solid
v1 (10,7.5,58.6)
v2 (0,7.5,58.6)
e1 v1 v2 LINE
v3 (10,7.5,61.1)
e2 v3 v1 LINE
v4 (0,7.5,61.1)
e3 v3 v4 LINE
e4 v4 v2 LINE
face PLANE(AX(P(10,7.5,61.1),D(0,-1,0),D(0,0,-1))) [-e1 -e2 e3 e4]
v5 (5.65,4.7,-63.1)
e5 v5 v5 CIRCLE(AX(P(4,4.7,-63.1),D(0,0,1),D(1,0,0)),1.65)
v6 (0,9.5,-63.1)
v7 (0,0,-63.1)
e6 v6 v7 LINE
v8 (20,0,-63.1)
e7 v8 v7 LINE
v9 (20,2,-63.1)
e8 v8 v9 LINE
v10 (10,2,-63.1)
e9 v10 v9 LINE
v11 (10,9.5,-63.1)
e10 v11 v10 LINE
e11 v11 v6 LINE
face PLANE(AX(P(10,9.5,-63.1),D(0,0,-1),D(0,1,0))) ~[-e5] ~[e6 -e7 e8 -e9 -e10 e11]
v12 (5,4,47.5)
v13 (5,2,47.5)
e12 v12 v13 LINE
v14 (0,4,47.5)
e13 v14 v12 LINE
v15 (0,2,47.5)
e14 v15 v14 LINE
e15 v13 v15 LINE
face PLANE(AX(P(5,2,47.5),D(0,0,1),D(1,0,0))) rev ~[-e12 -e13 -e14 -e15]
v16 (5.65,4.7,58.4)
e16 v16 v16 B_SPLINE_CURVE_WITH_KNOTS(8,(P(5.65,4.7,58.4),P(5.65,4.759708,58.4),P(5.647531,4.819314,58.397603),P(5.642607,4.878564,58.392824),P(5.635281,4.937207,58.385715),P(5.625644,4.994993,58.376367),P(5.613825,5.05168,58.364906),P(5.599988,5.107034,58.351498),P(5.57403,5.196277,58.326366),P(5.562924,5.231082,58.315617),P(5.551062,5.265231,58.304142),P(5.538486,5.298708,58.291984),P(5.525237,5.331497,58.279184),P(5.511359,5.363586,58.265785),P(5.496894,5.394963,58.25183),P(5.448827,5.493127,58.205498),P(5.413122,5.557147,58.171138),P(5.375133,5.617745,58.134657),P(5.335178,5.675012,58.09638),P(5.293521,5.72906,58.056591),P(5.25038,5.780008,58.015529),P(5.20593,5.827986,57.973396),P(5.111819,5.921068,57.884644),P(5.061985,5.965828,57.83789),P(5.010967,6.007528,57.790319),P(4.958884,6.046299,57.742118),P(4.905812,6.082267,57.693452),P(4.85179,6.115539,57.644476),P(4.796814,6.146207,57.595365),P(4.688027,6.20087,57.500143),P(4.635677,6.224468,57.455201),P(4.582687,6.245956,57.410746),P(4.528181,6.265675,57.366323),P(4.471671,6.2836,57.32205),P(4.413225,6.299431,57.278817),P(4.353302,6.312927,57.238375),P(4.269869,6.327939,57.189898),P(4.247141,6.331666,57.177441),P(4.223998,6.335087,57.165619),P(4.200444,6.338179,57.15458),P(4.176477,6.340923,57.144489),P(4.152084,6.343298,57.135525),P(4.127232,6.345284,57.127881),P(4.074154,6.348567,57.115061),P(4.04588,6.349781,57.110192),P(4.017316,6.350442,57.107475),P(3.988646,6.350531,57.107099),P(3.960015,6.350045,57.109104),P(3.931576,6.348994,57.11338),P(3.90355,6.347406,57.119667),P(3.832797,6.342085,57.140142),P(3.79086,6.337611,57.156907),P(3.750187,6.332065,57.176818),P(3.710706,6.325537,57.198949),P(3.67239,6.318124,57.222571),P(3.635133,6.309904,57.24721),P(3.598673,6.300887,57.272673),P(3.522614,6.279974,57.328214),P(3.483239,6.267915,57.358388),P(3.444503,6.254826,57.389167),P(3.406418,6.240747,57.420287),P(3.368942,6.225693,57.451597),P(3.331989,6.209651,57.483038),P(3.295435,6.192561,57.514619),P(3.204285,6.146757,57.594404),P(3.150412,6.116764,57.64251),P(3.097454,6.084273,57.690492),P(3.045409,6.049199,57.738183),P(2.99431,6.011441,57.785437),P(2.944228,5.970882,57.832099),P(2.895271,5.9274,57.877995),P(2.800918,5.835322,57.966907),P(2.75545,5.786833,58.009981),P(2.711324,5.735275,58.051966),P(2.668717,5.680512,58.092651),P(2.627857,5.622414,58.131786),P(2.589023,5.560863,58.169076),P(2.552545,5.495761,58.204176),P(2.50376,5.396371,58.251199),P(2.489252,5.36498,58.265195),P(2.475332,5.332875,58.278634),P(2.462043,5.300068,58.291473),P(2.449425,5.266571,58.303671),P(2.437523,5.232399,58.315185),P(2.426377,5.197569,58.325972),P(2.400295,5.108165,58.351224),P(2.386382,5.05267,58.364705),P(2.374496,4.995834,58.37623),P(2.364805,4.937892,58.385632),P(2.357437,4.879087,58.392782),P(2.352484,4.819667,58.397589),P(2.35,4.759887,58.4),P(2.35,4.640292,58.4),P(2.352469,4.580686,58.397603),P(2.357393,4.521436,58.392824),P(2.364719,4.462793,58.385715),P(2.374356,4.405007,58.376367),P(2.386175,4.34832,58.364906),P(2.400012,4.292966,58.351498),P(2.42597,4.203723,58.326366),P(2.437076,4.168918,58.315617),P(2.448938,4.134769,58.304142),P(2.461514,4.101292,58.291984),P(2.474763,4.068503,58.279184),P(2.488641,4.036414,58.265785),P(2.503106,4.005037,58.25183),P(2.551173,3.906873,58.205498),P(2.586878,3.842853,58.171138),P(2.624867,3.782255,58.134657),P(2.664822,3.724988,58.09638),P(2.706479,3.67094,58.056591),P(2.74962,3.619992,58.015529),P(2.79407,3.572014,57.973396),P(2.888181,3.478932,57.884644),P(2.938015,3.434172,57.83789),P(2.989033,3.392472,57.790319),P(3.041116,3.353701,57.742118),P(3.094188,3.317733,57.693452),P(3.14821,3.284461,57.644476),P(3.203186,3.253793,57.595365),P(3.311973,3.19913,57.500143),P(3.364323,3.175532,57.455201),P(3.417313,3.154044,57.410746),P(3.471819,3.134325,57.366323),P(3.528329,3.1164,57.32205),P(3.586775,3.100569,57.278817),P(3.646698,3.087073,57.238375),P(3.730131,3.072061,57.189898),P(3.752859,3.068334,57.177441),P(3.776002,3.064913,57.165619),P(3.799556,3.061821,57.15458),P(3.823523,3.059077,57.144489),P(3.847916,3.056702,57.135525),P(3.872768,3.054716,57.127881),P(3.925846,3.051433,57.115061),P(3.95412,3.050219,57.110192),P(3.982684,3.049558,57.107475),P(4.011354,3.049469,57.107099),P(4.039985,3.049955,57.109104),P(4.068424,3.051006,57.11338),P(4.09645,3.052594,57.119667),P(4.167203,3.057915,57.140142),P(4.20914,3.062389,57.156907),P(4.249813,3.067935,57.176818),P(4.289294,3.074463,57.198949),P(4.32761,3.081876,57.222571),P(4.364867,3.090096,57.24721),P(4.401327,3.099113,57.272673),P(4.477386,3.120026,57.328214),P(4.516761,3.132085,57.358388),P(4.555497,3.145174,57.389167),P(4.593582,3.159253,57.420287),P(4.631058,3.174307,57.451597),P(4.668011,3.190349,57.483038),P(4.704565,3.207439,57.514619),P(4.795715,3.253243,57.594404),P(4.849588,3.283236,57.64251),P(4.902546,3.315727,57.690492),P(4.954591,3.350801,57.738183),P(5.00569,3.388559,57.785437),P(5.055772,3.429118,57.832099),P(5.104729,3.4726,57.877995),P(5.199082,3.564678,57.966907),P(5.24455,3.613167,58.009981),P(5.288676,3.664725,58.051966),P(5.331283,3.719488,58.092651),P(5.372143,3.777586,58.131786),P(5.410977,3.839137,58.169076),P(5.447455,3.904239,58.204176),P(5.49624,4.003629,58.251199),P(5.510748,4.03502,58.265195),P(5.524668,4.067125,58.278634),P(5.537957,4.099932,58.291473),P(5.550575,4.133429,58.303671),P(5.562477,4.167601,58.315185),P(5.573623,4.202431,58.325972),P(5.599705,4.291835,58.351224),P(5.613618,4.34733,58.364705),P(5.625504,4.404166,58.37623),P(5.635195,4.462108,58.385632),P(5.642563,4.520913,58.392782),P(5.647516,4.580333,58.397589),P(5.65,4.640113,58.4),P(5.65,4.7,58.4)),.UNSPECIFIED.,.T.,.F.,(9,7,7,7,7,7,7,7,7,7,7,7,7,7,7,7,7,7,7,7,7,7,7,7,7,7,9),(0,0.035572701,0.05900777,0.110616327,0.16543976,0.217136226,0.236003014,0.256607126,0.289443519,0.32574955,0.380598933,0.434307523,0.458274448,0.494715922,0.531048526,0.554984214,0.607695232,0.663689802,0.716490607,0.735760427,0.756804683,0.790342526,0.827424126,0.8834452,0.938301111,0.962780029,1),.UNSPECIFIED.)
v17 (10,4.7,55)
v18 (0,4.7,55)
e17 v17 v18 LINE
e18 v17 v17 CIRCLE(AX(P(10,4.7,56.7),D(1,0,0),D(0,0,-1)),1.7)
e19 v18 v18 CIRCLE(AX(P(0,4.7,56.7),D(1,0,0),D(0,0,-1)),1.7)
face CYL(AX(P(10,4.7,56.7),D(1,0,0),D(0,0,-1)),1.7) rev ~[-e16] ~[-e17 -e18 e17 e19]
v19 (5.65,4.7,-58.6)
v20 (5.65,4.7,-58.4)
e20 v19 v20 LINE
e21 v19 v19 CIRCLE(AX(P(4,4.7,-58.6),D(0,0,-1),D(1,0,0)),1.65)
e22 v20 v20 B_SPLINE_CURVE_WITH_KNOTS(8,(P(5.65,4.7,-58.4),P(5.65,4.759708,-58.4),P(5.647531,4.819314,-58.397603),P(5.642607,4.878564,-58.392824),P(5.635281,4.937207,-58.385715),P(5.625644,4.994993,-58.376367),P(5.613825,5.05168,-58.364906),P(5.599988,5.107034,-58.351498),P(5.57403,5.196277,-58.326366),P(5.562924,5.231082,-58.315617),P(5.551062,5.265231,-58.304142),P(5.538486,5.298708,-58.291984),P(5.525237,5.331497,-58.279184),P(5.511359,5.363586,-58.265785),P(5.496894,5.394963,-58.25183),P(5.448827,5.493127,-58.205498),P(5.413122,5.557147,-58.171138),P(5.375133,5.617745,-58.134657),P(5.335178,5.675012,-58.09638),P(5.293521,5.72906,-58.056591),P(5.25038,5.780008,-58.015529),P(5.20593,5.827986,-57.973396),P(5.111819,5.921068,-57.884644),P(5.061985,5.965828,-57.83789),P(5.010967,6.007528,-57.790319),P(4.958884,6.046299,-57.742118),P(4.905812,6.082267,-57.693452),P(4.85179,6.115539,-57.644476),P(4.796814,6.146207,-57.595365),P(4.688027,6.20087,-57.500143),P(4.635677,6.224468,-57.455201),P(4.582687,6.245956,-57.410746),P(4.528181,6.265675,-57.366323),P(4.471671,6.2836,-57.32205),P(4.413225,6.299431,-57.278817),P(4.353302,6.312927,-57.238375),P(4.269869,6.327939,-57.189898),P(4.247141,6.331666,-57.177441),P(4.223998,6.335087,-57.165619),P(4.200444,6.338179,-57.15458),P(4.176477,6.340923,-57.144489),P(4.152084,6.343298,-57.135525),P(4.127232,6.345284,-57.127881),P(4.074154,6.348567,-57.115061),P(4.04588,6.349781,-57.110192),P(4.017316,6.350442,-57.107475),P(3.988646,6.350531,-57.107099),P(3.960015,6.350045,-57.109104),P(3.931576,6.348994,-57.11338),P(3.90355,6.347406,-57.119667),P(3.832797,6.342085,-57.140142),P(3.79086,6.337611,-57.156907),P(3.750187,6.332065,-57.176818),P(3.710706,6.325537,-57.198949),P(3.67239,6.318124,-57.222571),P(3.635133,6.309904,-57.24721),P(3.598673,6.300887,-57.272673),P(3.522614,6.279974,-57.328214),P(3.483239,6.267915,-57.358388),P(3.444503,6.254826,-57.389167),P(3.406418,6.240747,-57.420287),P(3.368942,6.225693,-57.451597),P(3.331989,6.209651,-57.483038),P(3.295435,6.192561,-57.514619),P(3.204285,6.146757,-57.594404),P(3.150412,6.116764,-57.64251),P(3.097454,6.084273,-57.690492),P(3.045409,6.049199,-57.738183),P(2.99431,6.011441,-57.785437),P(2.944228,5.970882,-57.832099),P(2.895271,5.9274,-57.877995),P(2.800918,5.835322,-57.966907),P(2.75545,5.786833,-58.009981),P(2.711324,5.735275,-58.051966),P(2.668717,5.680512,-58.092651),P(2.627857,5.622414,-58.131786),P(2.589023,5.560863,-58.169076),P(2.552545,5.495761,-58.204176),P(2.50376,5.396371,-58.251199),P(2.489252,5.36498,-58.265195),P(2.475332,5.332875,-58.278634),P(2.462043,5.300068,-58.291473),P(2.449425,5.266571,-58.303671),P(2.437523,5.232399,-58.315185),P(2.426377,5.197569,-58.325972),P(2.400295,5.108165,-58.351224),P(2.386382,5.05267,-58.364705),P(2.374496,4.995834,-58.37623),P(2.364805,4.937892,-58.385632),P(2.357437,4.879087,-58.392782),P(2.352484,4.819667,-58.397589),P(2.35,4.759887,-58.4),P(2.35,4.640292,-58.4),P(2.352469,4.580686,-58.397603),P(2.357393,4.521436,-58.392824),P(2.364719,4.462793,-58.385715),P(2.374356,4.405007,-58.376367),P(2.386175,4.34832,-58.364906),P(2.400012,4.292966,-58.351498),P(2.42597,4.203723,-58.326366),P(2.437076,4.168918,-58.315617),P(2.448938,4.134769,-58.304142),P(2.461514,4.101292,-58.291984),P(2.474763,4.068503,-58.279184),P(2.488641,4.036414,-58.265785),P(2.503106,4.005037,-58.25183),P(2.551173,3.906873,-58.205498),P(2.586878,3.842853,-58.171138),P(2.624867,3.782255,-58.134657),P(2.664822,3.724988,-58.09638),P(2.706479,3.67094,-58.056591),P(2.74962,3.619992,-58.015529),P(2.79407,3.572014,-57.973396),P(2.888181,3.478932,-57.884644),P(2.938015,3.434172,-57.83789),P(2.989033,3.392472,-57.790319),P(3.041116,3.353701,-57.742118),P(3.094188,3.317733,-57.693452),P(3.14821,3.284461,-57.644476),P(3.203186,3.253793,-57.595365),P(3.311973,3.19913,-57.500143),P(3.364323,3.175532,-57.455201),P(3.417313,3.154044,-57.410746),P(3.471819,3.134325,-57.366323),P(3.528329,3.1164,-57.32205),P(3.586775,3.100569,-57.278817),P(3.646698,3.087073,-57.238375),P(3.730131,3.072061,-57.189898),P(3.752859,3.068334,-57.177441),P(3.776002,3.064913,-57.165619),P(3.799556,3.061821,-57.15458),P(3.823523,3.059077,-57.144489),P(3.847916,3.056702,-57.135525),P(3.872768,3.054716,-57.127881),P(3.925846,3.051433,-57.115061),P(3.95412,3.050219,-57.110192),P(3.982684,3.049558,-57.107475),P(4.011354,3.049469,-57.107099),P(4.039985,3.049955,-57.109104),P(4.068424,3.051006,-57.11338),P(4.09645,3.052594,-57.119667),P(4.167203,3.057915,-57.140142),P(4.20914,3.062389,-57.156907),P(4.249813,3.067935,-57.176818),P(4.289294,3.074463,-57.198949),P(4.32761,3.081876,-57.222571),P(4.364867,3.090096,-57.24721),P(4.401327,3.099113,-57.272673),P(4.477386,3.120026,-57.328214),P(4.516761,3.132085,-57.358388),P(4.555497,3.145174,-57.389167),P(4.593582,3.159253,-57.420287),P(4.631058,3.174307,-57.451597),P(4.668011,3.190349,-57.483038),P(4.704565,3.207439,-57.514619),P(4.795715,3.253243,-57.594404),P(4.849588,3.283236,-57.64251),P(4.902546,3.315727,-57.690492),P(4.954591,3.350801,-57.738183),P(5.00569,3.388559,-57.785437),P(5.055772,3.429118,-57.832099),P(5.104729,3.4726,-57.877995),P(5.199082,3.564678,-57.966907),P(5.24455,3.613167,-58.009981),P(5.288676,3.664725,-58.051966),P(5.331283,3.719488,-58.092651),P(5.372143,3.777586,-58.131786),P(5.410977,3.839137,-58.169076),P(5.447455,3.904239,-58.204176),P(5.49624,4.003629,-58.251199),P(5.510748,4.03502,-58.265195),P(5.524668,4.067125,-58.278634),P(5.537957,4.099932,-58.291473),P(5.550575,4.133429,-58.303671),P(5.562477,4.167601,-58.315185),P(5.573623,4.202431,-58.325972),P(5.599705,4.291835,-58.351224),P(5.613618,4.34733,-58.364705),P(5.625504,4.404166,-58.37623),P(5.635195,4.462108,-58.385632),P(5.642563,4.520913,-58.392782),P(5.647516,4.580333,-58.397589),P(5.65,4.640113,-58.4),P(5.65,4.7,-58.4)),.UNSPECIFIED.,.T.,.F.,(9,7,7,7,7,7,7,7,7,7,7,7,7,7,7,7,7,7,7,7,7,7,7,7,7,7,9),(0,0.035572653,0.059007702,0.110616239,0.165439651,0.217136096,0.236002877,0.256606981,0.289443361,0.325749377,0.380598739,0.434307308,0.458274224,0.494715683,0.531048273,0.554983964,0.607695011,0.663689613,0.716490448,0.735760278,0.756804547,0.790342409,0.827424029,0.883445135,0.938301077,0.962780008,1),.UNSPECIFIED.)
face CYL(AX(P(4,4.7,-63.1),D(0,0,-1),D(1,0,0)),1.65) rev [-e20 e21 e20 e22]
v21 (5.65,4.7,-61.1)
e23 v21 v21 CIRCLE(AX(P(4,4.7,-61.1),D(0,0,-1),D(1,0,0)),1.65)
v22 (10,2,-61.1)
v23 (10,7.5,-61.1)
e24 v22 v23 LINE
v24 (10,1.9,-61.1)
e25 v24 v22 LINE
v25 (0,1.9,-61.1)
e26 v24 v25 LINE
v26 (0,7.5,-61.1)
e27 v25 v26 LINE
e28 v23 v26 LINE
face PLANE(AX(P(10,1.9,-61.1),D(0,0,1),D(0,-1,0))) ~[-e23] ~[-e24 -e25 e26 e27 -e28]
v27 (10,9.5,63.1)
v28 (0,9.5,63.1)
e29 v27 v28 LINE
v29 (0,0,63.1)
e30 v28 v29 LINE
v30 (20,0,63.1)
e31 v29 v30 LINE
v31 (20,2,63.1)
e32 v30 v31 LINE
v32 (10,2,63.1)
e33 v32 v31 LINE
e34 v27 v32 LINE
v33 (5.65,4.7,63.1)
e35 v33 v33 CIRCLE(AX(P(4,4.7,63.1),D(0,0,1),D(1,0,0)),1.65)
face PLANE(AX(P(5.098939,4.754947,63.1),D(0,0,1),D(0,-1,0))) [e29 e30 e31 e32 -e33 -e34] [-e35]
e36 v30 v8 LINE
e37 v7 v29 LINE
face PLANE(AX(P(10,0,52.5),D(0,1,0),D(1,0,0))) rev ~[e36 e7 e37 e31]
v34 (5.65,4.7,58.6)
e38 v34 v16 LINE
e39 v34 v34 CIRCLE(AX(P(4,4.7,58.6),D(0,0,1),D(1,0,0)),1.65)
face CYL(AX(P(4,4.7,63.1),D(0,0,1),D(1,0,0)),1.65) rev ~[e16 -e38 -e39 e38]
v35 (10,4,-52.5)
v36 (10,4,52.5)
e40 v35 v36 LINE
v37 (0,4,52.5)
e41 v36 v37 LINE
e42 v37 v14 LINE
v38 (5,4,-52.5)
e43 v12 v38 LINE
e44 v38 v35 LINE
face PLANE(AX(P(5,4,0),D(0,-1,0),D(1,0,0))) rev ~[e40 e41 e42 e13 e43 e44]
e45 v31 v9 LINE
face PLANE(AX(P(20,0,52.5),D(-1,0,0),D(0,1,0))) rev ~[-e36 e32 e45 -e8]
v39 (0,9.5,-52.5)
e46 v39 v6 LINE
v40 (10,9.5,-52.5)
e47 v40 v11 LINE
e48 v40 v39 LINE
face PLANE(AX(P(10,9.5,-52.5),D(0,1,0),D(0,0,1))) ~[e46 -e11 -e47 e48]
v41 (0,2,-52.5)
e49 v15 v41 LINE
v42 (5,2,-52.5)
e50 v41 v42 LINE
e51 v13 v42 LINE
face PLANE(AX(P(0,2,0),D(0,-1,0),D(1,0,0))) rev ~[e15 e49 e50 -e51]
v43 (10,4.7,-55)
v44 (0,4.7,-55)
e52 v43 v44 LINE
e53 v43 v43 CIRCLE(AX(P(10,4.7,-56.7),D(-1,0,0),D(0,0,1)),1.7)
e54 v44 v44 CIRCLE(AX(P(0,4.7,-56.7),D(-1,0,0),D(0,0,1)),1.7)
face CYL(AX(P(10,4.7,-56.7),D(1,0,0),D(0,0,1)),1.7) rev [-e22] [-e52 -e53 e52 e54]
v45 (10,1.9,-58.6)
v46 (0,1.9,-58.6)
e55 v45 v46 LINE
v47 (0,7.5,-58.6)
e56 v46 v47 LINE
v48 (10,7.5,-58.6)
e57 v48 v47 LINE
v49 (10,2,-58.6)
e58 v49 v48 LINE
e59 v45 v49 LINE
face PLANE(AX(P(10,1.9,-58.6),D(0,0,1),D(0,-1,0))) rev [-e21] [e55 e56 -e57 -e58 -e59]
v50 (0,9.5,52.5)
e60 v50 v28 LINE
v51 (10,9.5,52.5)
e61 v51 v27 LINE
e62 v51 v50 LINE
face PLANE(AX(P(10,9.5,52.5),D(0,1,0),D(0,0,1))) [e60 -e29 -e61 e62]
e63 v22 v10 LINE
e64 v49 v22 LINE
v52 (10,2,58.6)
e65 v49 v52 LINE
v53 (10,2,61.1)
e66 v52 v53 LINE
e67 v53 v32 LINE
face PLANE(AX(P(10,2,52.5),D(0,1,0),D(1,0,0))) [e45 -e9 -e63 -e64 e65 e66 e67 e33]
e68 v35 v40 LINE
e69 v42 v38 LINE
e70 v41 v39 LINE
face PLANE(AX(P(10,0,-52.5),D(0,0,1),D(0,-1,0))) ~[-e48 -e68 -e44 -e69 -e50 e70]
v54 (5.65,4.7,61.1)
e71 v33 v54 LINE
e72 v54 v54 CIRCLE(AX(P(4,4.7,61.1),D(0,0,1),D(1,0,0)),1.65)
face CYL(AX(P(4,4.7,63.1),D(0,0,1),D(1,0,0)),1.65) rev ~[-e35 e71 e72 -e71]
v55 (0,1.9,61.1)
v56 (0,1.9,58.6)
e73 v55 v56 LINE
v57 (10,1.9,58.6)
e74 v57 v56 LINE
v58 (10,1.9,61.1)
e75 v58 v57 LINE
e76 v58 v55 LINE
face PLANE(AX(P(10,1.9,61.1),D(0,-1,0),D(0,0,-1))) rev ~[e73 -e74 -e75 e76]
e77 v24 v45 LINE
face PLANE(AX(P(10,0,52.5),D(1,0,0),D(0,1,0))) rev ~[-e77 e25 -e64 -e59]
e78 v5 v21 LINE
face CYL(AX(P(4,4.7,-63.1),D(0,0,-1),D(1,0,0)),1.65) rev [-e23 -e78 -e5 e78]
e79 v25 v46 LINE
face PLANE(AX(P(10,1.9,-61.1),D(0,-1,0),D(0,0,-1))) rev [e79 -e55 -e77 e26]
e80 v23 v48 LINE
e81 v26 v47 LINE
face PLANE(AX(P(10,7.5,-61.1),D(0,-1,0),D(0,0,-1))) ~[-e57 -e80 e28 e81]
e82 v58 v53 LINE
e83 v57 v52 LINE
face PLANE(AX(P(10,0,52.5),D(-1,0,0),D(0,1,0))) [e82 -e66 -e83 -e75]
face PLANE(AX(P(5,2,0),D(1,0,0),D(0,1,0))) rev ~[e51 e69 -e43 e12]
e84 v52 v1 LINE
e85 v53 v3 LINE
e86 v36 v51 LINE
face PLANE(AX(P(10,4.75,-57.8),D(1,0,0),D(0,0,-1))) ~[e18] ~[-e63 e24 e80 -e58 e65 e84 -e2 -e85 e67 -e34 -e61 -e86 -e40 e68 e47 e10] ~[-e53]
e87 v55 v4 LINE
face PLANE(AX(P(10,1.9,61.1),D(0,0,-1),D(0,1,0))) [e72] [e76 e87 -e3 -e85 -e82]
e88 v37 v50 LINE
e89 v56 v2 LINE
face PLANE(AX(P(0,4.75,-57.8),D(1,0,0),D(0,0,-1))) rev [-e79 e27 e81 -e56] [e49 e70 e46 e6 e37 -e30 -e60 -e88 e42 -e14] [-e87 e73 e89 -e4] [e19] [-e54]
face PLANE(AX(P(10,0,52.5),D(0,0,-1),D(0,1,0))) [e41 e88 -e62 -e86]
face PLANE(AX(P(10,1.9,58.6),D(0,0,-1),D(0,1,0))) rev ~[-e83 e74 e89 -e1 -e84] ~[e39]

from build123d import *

# Parameters (mm, degrees)
RESSALTO_EXTRUS_O1_DEPTH             = 52.5
ESBO_O3_W                            = 10
ESBO_O3_H                            = 4
RESSALTO_EXTRUS_O2_DEPTH             = 5
ESBO_O4_R                            = 1.7
ESBO_O4_W                            = 2.5
ESBO_O4_H                            = 5.6
RESSALTO_EXTRUS_O3_DEPTH             = 10
ESBO_O5_R                            = 1.65
CORTE_EXTRUS_O1_DEPTH                = 6
RESSALTO_EXTRUS_O4_REACH             = 12.6
ESBO_O6_W                            = 10
ESBO_O6_H                            = 2
RESSALTO_EXTRUS_O4_DIRECTION_2_REACH = 117.6


with BuildPart() as part:
    # Esboço1 → Ressalto-extrusão1 (new body, symmetric)
    with BuildSketch(Plane.XY):
        Polygon((0, 0), (0, 2), (5, 2), (5, 4), (10, 4), (10, 2), (20, 2), (20, 0), align=None)
    extrude(amount=RESSALTO_EXTRUS_O1_DEPTH, both=True)

    # Esboço3 → Ressalto-extrusão2 (add)
    with BuildSketch(Plane.XY.offset(52.5)):
        with Locations((5, 2)):
            Rectangle(ESBO_O3_W, ESBO_O3_H)
    extrude(amount=-RESSALTO_EXTRUS_O2_DEPTH)

    # Esboço4 → Ressalto-extrusão3 (add, through all)
    with BuildSketch(Plane(origin=(10, 0, 0), x_dir=(0, 0, -1), z_dir=(1, 0, 0))):
        Polygon((-52.5, 9.5), (-63.1, 9.5), (-63.1, 0), (-52.5, 0), (-52.5, 3.742943079), align=None)
        with Locations((-56.7, 4.7)):
            Circle(ESBO_O4_R, mode=Mode.SUBTRACT)
        with Locations((-59.85, 4.7)):
            Rectangle(ESBO_O4_W, ESBO_O4_H, mode=Mode.SUBTRACT)
    ressalto_extrus_o3 = extrude(amount=-RESSALTO_EXTRUS_O3_DEPTH)

    # Esboço5 → Corte-extrusão1 (cut)
    with BuildSketch(Plane.XY.offset(63.1)):
        with Locations((4, 4.7)):
            Circle(ESBO_O5_R)
    corte_extrus_o1 = extrude(amount=-CORTE_EXTRUS_O1_DEPTH, mode=Mode.SUBTRACT)

    # Espelhar1: Ressalto-extrusão3, Corte-extrusão1 across plane
    add(ressalto_extrus_o3.mirror(Plane.XY))
    add(corte_extrus_o1.mirror(Plane.XY), mode=Mode.SUBTRACT)

    # Ressalto-extrusão4: up to this face of the body (flat: up to its plane)
    ressalto_extrus_o4_end = Plane(part.part.faces().sort_by_distance((5, 9.362068858, 63.1))[0])
    # Esboço6 → Ressalto-extrusão4 (add, up to the picked face)
    with BuildSketch(Plane.XY.offset(52.5), mode=Mode.PRIVATE) as ressalto_extrus_o4_sk1:
        with Locations((15, 1)):
            Rectangle(ESBO_O6_W, ESBO_O6_H)
    ressalto_extrus_o4_tool1 = split(extrude(ressalto_extrus_o4_sk1.sketch, amount=RESSALTO_EXTRUS_O4_REACH, mode=Mode.PRIVATE), bisect_by=ressalto_extrus_o4_end, keep=Keep.BOTH, mode=Mode.PRIVATE)
    add(ressalto_extrus_o4_tool1.solids().sort_by_distance((15, 1, 52.5))[0])

    # Ressalto-extrusão4 direction 2: up to this face of the body (flat: up to its plane)
    ressalto_extrus_o4_direction_2_end = Plane(part.part.faces().sort_by_distance((5, 9.362068858, -63.1))[0])
    # Esboço6 → Ressalto-extrusão4 direction 2 (add, up to the picked face)
    with BuildSketch(Plane.XY.offset(52.5), mode=Mode.PRIVATE) as ressalto_extrus_o4_direction_2_sk1:
        with Locations((15, 1)):
            Rectangle(ESBO_O6_W, ESBO_O6_H)
    ressalto_extrus_o4_direction_2_tool1 = split(extrude(ressalto_extrus_o4_direction_2_sk1.sketch, amount=-RESSALTO_EXTRUS_O4_DIRECTION_2_REACH, mode=Mode.PRIVATE), bisect_by=ressalto_extrus_o4_direction_2_end, keep=Keep.BOTH, mode=Mode.PRIVATE)
    add(ressalto_extrus_o4_direction_2_tool1.solids().sort_by_distance((15, 1, 52.5))[0])


solid = part.part
